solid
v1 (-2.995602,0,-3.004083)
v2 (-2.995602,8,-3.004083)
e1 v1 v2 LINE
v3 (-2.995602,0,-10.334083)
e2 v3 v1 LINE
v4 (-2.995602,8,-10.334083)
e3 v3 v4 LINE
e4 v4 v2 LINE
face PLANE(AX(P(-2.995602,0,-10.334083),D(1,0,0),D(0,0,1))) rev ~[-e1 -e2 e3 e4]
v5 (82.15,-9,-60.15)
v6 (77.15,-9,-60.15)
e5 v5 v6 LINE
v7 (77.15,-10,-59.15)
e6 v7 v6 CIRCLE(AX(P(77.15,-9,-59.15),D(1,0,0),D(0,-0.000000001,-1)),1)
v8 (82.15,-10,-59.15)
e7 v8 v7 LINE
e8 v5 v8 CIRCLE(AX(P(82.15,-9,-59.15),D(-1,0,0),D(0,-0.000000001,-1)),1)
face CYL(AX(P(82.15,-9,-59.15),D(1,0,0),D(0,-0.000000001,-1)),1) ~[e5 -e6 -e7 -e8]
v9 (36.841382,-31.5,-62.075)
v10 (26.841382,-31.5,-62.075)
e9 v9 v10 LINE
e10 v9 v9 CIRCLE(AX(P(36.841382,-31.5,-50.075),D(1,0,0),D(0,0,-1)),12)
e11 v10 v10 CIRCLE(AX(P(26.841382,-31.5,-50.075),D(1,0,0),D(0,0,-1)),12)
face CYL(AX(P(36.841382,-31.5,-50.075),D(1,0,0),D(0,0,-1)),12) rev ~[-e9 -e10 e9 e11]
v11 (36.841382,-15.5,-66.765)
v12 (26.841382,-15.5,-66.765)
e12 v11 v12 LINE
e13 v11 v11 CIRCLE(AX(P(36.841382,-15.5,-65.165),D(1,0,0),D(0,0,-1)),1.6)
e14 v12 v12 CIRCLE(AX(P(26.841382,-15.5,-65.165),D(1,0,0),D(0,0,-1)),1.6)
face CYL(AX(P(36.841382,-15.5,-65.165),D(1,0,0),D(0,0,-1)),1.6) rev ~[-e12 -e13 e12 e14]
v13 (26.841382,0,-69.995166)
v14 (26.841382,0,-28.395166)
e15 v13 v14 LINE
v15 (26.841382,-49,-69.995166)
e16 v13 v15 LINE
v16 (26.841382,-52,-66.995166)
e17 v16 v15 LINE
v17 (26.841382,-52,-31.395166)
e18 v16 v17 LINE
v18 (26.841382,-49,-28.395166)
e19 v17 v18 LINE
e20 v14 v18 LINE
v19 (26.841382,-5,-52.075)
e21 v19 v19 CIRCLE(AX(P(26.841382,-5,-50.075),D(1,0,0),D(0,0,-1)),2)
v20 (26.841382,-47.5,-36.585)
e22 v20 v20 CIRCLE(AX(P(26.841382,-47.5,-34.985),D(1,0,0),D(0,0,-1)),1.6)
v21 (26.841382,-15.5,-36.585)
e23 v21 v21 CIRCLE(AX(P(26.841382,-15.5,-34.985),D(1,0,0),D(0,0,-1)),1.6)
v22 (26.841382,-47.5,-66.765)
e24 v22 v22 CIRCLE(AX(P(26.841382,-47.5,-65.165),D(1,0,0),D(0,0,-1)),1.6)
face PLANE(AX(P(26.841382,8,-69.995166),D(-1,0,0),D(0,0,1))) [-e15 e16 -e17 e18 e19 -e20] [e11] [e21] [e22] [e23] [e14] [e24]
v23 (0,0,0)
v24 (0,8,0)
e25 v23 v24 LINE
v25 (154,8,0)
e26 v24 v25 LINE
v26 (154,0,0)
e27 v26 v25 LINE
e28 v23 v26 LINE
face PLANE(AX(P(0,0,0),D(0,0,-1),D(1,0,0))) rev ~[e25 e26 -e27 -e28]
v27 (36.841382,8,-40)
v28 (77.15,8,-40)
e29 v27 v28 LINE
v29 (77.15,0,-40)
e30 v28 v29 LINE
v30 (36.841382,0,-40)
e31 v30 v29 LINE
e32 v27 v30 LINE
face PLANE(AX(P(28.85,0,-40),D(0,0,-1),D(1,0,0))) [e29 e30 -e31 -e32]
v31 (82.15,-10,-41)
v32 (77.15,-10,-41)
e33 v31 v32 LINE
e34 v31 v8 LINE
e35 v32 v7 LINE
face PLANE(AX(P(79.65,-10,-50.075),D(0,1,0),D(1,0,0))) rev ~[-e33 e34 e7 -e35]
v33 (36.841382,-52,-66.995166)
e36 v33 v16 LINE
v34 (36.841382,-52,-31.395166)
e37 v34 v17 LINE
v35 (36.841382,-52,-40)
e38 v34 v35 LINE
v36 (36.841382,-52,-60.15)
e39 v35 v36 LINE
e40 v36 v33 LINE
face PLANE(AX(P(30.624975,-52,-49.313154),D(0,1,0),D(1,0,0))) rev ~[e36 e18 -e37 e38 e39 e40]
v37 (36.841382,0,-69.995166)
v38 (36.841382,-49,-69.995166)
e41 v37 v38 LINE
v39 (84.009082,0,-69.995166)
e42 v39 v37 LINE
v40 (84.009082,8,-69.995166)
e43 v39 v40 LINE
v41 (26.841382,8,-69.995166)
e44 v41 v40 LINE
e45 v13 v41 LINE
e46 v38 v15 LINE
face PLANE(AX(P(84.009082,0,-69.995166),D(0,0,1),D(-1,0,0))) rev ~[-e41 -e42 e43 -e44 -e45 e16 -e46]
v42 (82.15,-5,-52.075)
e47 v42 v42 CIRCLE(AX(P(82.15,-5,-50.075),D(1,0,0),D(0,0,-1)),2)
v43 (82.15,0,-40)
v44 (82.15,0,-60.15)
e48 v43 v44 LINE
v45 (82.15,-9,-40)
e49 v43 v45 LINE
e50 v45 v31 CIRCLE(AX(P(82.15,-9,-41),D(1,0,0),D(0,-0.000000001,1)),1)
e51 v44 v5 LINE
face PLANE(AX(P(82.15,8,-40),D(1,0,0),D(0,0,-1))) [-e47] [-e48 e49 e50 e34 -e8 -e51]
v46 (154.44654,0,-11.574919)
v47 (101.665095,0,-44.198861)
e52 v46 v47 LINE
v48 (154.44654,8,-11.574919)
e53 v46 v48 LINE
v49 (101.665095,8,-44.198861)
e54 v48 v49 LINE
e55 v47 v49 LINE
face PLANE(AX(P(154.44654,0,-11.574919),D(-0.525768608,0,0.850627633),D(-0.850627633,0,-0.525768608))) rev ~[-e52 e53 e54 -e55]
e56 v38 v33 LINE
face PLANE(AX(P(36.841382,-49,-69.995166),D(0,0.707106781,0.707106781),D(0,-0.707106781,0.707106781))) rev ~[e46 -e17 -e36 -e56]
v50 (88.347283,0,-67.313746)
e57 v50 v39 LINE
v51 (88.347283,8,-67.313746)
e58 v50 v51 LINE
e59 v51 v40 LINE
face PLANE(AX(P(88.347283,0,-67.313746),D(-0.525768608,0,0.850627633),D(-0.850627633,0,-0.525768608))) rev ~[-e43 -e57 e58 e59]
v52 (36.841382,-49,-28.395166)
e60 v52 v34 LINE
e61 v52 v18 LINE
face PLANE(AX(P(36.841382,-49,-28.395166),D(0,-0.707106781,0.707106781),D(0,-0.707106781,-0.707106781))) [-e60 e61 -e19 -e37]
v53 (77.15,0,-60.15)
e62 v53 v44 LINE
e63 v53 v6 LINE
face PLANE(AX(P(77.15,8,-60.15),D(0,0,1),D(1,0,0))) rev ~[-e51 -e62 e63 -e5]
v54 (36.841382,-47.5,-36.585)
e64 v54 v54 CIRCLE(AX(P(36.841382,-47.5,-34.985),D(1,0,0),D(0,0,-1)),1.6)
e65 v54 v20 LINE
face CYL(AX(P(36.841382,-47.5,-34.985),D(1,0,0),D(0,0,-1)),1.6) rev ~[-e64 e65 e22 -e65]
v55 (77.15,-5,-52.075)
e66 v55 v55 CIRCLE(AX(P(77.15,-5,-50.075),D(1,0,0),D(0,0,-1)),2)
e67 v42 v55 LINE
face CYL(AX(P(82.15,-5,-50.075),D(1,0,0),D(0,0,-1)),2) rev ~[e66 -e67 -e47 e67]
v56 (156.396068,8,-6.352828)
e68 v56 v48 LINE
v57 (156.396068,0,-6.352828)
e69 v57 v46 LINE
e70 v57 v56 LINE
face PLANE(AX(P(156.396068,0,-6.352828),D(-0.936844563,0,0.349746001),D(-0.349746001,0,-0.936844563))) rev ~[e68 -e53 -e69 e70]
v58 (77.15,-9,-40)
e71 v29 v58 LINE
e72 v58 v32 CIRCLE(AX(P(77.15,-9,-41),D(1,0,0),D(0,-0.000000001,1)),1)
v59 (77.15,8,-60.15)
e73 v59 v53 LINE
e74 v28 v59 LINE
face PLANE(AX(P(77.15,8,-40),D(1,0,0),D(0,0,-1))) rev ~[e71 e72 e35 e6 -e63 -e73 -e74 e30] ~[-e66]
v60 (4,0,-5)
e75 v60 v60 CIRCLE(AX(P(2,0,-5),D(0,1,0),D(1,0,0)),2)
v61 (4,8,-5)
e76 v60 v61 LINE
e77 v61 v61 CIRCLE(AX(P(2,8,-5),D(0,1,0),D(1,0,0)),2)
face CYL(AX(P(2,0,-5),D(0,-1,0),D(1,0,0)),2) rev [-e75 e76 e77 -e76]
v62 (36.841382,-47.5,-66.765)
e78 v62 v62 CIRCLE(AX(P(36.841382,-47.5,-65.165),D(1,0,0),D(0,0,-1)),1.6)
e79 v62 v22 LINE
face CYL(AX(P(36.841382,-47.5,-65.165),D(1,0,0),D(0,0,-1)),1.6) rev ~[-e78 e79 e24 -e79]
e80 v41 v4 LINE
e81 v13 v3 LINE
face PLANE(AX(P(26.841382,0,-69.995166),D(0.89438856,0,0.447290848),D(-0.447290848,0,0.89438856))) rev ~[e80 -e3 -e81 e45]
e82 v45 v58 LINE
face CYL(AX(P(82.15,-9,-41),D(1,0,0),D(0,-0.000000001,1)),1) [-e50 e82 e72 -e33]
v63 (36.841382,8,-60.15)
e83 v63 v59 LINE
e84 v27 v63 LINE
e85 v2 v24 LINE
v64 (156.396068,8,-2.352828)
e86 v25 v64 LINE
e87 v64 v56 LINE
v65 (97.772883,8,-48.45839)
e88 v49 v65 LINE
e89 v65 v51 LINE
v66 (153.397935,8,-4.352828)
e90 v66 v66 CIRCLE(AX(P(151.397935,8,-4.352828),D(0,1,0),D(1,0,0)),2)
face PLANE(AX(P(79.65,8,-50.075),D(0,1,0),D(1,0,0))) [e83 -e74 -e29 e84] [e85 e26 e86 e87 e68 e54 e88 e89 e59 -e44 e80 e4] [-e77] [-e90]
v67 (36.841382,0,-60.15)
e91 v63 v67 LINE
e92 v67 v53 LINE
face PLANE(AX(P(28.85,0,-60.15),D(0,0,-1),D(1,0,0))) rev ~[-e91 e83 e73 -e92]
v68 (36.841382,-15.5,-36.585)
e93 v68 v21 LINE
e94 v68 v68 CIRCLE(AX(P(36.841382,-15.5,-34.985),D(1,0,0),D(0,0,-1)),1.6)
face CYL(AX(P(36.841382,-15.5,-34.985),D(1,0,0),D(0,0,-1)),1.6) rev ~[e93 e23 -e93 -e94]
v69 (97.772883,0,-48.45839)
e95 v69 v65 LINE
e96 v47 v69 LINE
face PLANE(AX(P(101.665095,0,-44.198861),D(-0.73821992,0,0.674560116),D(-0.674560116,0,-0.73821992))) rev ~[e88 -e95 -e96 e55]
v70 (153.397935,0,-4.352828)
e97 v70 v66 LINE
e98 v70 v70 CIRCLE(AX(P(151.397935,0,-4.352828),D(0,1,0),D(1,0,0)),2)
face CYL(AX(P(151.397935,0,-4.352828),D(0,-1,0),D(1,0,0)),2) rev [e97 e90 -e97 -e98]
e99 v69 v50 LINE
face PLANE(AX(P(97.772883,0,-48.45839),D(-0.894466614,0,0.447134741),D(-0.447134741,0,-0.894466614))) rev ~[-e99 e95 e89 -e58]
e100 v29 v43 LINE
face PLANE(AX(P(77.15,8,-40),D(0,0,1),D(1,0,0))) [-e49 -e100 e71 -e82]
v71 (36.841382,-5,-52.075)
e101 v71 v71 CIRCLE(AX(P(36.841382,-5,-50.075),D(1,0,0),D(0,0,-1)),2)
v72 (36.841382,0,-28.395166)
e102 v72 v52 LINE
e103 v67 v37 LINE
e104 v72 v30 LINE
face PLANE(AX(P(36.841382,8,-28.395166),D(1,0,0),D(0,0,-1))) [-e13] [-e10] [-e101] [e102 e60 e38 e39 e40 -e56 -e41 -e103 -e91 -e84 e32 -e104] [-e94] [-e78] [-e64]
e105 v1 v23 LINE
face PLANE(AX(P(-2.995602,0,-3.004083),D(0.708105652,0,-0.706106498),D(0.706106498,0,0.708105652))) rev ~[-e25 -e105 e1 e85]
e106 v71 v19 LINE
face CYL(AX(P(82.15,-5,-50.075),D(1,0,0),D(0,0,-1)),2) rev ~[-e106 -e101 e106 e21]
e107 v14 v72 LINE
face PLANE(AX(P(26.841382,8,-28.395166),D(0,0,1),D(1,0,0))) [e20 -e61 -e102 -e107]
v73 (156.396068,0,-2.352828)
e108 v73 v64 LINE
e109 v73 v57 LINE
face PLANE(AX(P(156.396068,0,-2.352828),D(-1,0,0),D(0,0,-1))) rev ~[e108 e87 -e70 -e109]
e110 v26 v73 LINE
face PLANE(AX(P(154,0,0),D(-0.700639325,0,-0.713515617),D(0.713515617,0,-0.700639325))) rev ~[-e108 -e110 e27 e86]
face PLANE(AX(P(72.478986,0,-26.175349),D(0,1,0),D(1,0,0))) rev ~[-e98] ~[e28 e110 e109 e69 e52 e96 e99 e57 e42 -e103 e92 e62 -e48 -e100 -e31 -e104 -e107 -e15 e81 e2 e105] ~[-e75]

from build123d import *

# Parameters (mm, degrees)
CROQUIS1_R              = 2
CROQUIS1_W              = 53.3
CROQUIS1_H              = 20.15
SALIENTE_EXTRUIR1_DEPTH = 8
CROQUIS2_W              = 10
CROQUIS2_H              = 41.6
SALIENTE_EXTRUIR2_DEPTH = 60
CROQUIS2_4_W            = 5
CROQUIS2_4_H            = 20.15
SALIENTE_EXTRUIR3_DEPTH = 18
CROQUIS3_R              = 2
CORTAR_EXTRUIR1_DEPTH   = 107
CROQUIS3_3_R            = 2
CORTAR_EXTRUIR2_DEPTH   = 8
CROQUIS5_R              = 1.6
CROQUIS5_R_2            = 12
CORTAR_EXTRUIR3_DEPTH   = 59


with BuildPart() as part:
    # Croquis1 → Saliente-Extruir1 (new body)
    with BuildSketch(Plane(origin=(0, 0, 0), x_dir=(1, 0, 0), z_dir=(0, 1, 0))):
        Polygon((154, 0), (156.396068252, 2.352828169), (156.396068252, 6.352828169), (154.446539538, 11.574918968), (101.665094886, 44.198861104), (97.772883017, 48.458390041), (88.347282669, 67.313746258), (84.009081739, 69.99516616), (26.841381739, 69.99516616), (-2.995601596, 10.334082852), (-2.995601596, 3.004082852), (0, 0), align=None)
        with Locations((2, 5)):
            Circle(CROQUIS1_R, mode=Mode.SUBTRACT)
        with Locations((151.397935499, 4.352828169)):
            Circle(CROQUIS1_R, mode=Mode.SUBTRACT)
        with Locations((55.5, 50.075)):
            Rectangle(CROQUIS1_W, CROQUIS1_H, mode=Mode.SUBTRACT)
    extrude(amount=SALIENTE_EXTRUIR1_DEPTH)

    # Croquis2 → Saliente-Extruir2 (add)
    with BuildSketch(Plane(origin=(0, 8, 0), x_dir=(1, 0, 0), z_dir=(0, 1, 0))):
        with Locations((31.841381739, 49.19516616)):
            Rectangle(CROQUIS2_W, CROQUIS2_H)
    extrude(amount=-SALIENTE_EXTRUIR2_DEPTH)

    # Croquis2<4> → Saliente-Extruir3 (add)
    with BuildSketch(Plane(origin=(0, 8, 0), x_dir=(1, 0, 0), z_dir=(0, 1, 0))):
        with Locations((79.65, 50.075)):
            Rectangle(CROQUIS2_4_W, CROQUIS2_4_H)
    extrude(amount=-SALIENTE_EXTRUIR3_DEPTH)

    # Croquis3 → Cortar-Extruir1 (cut)
    with BuildSketch(Plane(origin=(82.15, 0, 0), x_dir=(0, 0, -1), z_dir=(1, 0, 0))):
        with Locations((50.075, -5)):
            Circle(CROQUIS3_R)
    extrude(amount=-CORTAR_EXTRUIR1_DEPTH, mode=Mode.SUBTRACT)

    # Croquis3<3> → Cortar-Extruir2 (cut)
    with BuildSketch(Plane(origin=(82.15, 0, 0), x_dir=(0, 0, -1), z_dir=(1, 0, 0))):
        with Locations((50.075, -5)):
            Circle(CROQUIS3_3_R)
        with BuildLine():
            Line((59.15, -10), (60.15, -10))
            Line((60.15, -10), (60.15, -9))
            ThreePointArc((60.15, -9), (59.857106781, -9.707106781), (59.15, -10))
        make_face()
        with BuildLine():
            Line((40, -10), (40, -9))
            ThreePointArc((40, -9), (40.292893219, -9.707106781), (41, -10))
            Line((41, -10), (40, -10))
        make_face()
    extrude(amount=-CORTAR_EXTRUIR2_DEPTH, mode=Mode.SUBTRACT)

    # Croquis5 → Cortar-Extruir3 (cut)
    with BuildSketch(Plane(origin=(36.841381739, 0, 0), x_dir=(0, 0, -1), z_dir=(1, 0, 0))):
        with Locations((65.165, -15.5)):
            Circle(CROQUIS5_R)
        with Locations((50.075, -31.5)):
            Circle(CROQUIS5_R_2)
        with Locations((65.165, -47.5)):
            Circle(CROQUIS5_R)
        with Locations((34.985, -15.5)):
            Circle(CROQUIS5_R)
        with Locations((34.985, -47.5)):
            Circle(CROQUIS5_R)
        Polygon((28.39516616, -52), (28.39516616, -49), (31.39516616, -52), align=None)
        Polygon((69.99516616, -52), (69.99516616, -49), (66.99516616, -52), align=None)
    extrude(amount=-CORTAR_EXTRUIR3_DEPTH, mode=Mode.SUBTRACT)


solid = part.part
